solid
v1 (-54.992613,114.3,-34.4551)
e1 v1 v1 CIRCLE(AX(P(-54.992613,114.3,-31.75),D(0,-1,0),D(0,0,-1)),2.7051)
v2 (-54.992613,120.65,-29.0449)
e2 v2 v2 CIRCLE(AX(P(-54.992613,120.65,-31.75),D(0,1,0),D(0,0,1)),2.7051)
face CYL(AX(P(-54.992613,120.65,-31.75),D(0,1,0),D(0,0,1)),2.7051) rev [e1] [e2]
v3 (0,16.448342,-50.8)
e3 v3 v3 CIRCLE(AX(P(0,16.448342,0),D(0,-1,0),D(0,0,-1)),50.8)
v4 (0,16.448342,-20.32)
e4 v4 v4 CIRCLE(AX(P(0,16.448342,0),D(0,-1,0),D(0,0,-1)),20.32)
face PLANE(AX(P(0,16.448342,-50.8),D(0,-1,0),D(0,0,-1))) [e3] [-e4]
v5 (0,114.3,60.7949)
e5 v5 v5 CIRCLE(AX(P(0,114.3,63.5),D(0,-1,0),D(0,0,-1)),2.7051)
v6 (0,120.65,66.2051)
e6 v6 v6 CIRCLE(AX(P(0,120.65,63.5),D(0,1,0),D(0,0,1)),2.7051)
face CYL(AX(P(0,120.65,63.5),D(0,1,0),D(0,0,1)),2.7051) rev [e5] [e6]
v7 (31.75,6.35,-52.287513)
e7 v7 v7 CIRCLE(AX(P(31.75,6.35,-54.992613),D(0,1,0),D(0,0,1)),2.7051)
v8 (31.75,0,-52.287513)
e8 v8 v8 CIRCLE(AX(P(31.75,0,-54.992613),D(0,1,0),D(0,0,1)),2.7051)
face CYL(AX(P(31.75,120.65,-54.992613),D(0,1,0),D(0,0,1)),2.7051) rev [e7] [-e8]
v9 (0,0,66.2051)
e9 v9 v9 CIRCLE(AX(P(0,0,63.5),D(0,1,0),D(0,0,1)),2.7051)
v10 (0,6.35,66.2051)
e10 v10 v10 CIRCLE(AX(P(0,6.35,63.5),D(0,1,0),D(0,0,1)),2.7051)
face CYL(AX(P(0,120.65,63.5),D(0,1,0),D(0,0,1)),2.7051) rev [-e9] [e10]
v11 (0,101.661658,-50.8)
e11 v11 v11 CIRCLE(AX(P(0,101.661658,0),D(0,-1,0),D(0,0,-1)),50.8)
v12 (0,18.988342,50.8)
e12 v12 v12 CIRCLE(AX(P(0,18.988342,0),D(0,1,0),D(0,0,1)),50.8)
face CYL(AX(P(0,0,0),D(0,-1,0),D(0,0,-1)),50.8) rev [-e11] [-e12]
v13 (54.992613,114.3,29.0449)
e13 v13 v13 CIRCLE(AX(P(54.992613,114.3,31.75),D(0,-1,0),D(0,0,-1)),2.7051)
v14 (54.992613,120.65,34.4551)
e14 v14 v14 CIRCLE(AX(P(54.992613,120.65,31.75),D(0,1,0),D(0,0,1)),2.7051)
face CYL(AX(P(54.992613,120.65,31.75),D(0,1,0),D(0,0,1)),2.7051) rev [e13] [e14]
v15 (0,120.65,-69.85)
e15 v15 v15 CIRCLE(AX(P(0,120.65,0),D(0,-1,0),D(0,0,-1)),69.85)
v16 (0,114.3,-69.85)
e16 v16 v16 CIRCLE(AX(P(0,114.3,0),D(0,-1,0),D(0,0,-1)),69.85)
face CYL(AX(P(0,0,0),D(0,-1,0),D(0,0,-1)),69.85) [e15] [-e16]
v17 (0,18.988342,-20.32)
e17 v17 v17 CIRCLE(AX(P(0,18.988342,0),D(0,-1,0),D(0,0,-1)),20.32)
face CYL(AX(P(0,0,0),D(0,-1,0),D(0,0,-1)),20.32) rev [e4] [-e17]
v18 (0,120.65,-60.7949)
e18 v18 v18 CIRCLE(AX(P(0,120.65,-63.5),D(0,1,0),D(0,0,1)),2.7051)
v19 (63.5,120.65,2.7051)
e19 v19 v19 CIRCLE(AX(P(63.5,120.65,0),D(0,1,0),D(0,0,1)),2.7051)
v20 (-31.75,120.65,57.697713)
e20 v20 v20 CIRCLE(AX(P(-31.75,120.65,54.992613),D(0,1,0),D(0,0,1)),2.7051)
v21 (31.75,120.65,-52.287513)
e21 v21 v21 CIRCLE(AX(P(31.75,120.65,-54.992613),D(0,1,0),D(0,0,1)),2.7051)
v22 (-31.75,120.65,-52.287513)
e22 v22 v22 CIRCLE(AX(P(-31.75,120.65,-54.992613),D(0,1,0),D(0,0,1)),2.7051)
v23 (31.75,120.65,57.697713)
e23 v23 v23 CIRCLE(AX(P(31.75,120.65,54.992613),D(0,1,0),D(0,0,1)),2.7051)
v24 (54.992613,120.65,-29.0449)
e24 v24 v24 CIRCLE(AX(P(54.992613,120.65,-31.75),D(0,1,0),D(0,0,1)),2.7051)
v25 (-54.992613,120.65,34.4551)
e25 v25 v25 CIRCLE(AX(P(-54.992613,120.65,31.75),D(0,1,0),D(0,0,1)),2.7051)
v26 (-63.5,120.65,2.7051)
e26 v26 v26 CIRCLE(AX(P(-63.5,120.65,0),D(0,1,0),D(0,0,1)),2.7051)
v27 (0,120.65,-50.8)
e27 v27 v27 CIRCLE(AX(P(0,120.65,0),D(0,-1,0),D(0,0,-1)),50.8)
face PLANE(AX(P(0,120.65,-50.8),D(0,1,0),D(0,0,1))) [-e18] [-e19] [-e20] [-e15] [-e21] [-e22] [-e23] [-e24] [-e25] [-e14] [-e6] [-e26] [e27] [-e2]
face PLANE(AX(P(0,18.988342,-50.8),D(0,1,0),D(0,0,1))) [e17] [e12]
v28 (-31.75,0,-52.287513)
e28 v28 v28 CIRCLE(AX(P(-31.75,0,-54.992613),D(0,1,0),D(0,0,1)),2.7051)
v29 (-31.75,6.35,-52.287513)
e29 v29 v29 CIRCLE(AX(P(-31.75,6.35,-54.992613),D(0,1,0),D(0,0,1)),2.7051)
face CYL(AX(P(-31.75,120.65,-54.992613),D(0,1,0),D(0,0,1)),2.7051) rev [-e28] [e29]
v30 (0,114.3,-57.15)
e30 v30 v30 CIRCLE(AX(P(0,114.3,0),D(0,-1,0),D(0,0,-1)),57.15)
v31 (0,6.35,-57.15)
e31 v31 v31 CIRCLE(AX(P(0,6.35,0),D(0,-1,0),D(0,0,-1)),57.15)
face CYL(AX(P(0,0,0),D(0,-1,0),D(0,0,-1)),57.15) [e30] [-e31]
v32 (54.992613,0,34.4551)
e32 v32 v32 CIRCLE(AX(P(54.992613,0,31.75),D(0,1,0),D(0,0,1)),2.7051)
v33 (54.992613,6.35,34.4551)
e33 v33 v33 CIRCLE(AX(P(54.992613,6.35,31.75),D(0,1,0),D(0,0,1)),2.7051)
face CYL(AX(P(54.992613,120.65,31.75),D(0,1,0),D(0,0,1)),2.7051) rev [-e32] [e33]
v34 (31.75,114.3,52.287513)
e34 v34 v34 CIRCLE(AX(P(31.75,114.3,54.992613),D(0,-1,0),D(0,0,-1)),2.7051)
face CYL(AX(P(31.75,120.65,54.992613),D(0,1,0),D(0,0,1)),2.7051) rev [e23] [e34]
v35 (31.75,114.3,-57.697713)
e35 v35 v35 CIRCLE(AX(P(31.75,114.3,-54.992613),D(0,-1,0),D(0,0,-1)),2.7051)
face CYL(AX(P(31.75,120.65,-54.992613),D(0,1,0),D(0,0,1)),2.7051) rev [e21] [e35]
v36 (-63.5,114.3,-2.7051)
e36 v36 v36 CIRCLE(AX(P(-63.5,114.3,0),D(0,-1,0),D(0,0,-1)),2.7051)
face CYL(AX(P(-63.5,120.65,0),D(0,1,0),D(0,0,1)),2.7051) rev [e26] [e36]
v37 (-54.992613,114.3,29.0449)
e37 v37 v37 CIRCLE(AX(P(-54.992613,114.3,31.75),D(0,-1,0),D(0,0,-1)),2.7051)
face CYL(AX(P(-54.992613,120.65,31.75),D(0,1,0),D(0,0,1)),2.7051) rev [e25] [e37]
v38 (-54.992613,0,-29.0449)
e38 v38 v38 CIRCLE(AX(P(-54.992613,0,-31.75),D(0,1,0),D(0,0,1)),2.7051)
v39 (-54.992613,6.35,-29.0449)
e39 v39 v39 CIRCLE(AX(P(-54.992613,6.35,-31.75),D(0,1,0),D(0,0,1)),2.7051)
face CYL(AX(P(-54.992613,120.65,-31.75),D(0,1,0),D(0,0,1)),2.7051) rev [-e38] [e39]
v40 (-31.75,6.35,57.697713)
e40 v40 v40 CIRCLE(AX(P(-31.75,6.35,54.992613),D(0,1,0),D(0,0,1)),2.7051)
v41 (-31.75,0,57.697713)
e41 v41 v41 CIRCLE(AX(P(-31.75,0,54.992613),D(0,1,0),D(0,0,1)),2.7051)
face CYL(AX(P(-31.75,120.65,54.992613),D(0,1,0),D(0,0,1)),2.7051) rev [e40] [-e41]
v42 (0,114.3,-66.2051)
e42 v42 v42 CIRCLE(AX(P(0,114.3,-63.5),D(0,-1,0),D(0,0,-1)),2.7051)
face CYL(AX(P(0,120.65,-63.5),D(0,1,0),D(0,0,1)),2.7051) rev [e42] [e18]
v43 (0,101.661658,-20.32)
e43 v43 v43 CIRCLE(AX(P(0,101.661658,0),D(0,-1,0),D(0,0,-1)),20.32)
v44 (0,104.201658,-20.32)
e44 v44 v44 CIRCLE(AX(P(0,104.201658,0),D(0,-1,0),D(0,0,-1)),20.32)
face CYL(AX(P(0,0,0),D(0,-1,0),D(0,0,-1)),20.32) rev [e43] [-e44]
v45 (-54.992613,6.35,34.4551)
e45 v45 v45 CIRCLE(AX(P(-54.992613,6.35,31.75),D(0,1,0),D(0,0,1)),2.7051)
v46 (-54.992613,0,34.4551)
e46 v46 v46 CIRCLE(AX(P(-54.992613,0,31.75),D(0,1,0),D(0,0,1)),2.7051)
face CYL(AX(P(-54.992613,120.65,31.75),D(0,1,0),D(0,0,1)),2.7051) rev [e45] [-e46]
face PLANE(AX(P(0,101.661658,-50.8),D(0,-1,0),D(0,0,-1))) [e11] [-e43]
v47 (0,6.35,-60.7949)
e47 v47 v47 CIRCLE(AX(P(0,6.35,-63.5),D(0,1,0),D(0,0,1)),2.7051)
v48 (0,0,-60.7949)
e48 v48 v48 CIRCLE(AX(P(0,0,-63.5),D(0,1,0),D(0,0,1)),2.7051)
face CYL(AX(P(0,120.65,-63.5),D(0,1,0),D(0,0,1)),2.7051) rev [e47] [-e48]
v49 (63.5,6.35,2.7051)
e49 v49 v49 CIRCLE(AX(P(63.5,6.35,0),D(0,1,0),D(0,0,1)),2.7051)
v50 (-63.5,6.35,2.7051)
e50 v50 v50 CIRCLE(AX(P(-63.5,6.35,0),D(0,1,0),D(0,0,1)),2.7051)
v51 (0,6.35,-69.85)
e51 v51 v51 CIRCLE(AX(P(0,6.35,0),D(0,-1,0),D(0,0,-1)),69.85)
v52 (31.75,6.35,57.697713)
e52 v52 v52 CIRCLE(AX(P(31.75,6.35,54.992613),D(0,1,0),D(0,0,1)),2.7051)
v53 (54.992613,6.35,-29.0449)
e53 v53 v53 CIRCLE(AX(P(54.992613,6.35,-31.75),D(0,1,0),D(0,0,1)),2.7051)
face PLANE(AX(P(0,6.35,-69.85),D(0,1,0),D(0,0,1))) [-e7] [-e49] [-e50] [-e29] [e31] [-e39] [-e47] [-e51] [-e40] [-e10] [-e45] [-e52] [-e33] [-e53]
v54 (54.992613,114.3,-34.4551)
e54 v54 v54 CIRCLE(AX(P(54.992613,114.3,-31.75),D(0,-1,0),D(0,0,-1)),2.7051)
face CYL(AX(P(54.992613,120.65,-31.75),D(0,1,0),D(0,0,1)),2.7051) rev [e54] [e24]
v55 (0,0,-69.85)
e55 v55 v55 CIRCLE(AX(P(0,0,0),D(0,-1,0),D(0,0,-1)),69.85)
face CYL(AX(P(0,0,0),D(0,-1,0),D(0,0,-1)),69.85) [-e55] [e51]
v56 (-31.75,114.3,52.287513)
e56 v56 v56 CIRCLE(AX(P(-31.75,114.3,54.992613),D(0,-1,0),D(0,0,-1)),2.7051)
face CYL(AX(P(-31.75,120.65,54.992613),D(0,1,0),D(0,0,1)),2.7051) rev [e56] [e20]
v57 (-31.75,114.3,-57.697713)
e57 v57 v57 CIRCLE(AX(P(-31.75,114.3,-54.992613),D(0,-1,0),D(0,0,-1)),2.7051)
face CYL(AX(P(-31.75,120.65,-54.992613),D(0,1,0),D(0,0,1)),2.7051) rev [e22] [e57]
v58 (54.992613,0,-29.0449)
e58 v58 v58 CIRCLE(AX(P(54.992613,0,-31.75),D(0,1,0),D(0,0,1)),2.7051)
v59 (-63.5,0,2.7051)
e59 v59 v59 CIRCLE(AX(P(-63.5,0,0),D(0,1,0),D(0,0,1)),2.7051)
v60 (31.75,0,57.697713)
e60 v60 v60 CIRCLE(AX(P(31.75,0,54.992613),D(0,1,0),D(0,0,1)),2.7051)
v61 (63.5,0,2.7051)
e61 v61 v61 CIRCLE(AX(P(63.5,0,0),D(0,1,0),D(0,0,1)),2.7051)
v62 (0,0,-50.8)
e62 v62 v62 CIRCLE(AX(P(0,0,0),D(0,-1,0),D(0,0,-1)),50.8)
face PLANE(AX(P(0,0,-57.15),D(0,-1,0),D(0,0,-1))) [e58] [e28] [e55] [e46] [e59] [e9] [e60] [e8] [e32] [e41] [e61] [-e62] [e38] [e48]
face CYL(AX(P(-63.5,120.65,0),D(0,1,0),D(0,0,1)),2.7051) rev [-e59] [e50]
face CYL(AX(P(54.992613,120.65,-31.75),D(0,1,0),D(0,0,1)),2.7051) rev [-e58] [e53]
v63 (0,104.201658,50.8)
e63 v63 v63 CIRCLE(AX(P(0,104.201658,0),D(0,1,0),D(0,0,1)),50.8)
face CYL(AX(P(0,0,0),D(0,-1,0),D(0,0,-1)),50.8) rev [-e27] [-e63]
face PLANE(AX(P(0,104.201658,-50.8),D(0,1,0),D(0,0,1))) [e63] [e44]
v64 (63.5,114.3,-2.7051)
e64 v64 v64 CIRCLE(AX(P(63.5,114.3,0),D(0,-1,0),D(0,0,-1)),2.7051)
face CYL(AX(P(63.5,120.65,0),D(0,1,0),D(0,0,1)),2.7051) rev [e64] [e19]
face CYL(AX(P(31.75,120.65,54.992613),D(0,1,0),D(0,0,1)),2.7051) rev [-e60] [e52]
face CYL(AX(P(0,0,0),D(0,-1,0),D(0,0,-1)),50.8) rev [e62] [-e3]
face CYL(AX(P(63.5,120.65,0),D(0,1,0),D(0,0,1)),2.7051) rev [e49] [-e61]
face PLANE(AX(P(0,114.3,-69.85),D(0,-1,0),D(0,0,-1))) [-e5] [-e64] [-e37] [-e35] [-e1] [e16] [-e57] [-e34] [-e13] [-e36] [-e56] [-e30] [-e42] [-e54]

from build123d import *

# Parameters (mm, degrees)
SKETCH4_W                  = 30.48
SKETCH4_H                  = 2.54
F_3_0_213_DIAMETER_HOLE2_D = 5.4102


with BuildPart() as part:
    # Sketch1 → Chamber (revolve)
    with BuildSketch(Plane(origin=(0, 0, 0), x_dir=(0, 0, -1), z_dir=(1, 0, 0))):
        Polygon((57.15, 6.35), (57.15, 114.3), (69.85, 114.3), (69.85, 120.65), (57.15, 120.65), (50.8, 120.65), (50.8, 114.3), (50.8, 6.35), (50.8, 0), (57.15, 0), (69.85, 0), (69.85, 6.35), align=None)
    revolve(axis=Axis((0, 0, 0), (0, 1, 0)))

    # Sketch4 → Turbulence Rings (revolve)
    with BuildSketch(Plane(origin=(0, 0, 0), x_dir=(0, 0, -1), z_dir=(1, 0, 0))):
        with Locations((35.56, 102.931657822)):
            Rectangle(SKETCH4_W, SKETCH4_H)
        with Locations((35.56, 17.718342178)):
            Rectangle(SKETCH4_W, SKETCH4_H)
    revolve(axis=Axis((0, 0, 0), (0, 1, 0)))

    # #3 (0.213) Diameter Hole2 (through all)
    with Locations(Plane(origin=(0, 120.65, 0), x_dir=(1, 0, 0), z_dir=(0, 1, 0))):
        with Locations((0, 0), (-63.5, 0), (-54.99261314, 31.75), (-31.75, 54.99261314), (0, 63.5), (31.75, 54.99261314), (54.99261314, 31.75), (63.5, 0), (54.99261314, -31.75), (31.75, -54.99261314), (0, -63.5), (-31.75, -54.99261314), (-54.99261314, -31.75)):
            Hole(F_3_0_213_DIAMETER_HOLE2_D / 2)


solid = part.part
